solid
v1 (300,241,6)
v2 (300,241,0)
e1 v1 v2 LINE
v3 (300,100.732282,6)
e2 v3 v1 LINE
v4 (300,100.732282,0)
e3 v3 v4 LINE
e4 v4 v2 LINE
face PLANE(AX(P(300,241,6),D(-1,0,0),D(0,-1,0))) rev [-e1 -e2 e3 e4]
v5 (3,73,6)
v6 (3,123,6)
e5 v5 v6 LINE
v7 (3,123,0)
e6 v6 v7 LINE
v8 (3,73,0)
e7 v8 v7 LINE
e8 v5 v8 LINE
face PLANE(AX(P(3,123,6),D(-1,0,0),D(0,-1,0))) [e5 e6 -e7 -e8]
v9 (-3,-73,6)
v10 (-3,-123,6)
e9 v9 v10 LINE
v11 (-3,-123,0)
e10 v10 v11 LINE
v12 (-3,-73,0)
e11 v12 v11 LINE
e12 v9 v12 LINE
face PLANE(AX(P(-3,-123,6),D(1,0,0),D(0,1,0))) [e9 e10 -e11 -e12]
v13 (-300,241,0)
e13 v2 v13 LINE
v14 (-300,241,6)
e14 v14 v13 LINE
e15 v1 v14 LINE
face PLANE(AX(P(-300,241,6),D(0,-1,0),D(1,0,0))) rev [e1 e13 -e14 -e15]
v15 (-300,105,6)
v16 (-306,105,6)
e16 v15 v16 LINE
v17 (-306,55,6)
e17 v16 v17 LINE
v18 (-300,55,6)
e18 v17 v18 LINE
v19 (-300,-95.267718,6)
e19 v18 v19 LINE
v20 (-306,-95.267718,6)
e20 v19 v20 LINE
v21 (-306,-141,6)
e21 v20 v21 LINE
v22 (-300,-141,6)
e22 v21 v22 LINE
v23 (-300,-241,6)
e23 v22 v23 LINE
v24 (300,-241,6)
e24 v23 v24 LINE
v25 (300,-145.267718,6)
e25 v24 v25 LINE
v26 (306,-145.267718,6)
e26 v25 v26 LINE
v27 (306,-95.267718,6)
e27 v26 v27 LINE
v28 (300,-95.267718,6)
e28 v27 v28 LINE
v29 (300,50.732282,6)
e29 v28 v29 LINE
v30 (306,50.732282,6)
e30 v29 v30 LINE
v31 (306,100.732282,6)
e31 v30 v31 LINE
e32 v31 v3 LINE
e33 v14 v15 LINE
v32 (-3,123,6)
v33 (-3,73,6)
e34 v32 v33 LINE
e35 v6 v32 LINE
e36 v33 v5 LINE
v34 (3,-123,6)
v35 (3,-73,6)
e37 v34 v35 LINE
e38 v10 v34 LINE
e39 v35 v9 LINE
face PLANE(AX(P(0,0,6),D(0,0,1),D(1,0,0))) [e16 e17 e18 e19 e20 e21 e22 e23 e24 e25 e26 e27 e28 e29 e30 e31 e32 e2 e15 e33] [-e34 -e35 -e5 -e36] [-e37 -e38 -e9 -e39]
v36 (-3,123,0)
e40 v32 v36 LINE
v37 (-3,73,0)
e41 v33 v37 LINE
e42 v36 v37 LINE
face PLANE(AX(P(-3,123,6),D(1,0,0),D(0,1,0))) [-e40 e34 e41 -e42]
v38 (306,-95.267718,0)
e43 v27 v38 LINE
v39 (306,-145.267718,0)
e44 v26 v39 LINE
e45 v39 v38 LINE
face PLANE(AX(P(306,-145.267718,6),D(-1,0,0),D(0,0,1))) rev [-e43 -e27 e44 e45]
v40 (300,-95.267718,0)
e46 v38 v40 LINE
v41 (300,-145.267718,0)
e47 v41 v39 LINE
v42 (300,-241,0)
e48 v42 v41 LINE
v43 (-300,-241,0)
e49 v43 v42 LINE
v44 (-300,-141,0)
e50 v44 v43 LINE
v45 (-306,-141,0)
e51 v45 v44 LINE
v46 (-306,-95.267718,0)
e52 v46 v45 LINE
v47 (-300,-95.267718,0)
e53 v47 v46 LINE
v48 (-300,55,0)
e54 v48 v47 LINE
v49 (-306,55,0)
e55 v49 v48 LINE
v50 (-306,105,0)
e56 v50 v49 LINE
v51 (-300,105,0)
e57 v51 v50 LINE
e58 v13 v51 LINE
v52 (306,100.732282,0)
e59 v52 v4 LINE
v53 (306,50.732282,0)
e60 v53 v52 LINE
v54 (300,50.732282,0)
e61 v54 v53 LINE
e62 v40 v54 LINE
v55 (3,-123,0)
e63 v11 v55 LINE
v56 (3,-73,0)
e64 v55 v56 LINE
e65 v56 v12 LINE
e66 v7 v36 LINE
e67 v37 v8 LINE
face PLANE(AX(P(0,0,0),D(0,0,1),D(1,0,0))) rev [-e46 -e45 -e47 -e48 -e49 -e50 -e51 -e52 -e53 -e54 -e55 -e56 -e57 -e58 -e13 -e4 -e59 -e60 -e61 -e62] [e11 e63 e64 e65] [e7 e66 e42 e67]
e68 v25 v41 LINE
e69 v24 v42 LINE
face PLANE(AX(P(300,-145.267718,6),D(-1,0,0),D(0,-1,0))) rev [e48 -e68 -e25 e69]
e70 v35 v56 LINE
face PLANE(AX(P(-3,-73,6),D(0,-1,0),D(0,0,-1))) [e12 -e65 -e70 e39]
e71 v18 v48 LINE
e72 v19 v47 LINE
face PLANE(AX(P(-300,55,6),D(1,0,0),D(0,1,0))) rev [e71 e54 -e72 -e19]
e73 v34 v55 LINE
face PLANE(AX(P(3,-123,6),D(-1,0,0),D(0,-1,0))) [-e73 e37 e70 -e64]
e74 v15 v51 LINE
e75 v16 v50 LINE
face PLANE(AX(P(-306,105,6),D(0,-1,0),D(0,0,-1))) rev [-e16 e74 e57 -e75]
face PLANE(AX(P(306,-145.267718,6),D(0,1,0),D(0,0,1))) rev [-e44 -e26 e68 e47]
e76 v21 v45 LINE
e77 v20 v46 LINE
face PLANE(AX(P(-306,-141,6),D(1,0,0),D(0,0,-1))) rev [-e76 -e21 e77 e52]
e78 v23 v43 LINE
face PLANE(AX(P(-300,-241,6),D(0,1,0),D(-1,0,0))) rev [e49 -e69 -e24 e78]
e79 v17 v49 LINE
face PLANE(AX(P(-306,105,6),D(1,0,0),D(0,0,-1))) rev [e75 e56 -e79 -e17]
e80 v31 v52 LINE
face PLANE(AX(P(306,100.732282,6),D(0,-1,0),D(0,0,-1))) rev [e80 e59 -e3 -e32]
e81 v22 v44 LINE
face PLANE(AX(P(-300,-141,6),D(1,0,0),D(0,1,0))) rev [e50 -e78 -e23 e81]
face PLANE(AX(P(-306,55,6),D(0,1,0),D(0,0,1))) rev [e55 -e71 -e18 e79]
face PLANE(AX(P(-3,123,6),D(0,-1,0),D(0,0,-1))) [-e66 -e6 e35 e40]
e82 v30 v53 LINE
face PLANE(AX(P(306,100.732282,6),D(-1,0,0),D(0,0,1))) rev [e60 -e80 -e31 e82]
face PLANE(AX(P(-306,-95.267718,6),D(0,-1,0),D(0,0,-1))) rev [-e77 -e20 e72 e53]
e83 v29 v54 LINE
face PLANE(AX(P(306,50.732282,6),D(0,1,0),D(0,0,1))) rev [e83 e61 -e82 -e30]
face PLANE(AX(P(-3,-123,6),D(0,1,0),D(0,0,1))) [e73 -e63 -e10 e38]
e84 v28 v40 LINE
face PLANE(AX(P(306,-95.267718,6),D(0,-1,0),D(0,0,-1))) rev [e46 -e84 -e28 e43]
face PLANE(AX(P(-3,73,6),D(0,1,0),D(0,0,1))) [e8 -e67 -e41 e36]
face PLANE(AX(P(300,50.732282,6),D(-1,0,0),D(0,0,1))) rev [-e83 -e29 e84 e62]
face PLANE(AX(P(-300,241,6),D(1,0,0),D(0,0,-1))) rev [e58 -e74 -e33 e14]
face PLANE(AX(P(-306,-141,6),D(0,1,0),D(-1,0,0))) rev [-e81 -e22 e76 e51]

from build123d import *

# Parameters (mm, degrees)
SKETCH1_W           = 6
SKETCH1_H           = 50
BOSS_EXTRUDE1_DEPTH = 6


with BuildPart() as part:
    # Sketch1 → Boss-Extrude1 (new body)
    with BuildSketch(Plane.XY):
        Polygon((-300, 241), (300, 241), (300, 100.732281984), (306, 100.732281984), (306, 50.732281984), (300, 50.732281984), (300, -95.267718016), (306, -95.267718016), (306, -145.267718016), (300, -145.267718016), (300, -241), (-300, -241), (-300, -141), (-306, -141), (-306, -95.267718016), (-300, -95.267718016), (-300, 55), (-306, 55), (-306, 105), (-300, 105), align=None)
        with Locations((0, 98)):
            Rectangle(SKETCH1_W, SKETCH1_H, mode=Mode.SUBTRACT)
        with Locations((0, -98)):
            Rectangle(SKETCH1_W, SKETCH1_H, mode=Mode.SUBTRACT)
    extrude(amount=BOSS_EXTRUDE1_DEPTH)


solid = part.part
